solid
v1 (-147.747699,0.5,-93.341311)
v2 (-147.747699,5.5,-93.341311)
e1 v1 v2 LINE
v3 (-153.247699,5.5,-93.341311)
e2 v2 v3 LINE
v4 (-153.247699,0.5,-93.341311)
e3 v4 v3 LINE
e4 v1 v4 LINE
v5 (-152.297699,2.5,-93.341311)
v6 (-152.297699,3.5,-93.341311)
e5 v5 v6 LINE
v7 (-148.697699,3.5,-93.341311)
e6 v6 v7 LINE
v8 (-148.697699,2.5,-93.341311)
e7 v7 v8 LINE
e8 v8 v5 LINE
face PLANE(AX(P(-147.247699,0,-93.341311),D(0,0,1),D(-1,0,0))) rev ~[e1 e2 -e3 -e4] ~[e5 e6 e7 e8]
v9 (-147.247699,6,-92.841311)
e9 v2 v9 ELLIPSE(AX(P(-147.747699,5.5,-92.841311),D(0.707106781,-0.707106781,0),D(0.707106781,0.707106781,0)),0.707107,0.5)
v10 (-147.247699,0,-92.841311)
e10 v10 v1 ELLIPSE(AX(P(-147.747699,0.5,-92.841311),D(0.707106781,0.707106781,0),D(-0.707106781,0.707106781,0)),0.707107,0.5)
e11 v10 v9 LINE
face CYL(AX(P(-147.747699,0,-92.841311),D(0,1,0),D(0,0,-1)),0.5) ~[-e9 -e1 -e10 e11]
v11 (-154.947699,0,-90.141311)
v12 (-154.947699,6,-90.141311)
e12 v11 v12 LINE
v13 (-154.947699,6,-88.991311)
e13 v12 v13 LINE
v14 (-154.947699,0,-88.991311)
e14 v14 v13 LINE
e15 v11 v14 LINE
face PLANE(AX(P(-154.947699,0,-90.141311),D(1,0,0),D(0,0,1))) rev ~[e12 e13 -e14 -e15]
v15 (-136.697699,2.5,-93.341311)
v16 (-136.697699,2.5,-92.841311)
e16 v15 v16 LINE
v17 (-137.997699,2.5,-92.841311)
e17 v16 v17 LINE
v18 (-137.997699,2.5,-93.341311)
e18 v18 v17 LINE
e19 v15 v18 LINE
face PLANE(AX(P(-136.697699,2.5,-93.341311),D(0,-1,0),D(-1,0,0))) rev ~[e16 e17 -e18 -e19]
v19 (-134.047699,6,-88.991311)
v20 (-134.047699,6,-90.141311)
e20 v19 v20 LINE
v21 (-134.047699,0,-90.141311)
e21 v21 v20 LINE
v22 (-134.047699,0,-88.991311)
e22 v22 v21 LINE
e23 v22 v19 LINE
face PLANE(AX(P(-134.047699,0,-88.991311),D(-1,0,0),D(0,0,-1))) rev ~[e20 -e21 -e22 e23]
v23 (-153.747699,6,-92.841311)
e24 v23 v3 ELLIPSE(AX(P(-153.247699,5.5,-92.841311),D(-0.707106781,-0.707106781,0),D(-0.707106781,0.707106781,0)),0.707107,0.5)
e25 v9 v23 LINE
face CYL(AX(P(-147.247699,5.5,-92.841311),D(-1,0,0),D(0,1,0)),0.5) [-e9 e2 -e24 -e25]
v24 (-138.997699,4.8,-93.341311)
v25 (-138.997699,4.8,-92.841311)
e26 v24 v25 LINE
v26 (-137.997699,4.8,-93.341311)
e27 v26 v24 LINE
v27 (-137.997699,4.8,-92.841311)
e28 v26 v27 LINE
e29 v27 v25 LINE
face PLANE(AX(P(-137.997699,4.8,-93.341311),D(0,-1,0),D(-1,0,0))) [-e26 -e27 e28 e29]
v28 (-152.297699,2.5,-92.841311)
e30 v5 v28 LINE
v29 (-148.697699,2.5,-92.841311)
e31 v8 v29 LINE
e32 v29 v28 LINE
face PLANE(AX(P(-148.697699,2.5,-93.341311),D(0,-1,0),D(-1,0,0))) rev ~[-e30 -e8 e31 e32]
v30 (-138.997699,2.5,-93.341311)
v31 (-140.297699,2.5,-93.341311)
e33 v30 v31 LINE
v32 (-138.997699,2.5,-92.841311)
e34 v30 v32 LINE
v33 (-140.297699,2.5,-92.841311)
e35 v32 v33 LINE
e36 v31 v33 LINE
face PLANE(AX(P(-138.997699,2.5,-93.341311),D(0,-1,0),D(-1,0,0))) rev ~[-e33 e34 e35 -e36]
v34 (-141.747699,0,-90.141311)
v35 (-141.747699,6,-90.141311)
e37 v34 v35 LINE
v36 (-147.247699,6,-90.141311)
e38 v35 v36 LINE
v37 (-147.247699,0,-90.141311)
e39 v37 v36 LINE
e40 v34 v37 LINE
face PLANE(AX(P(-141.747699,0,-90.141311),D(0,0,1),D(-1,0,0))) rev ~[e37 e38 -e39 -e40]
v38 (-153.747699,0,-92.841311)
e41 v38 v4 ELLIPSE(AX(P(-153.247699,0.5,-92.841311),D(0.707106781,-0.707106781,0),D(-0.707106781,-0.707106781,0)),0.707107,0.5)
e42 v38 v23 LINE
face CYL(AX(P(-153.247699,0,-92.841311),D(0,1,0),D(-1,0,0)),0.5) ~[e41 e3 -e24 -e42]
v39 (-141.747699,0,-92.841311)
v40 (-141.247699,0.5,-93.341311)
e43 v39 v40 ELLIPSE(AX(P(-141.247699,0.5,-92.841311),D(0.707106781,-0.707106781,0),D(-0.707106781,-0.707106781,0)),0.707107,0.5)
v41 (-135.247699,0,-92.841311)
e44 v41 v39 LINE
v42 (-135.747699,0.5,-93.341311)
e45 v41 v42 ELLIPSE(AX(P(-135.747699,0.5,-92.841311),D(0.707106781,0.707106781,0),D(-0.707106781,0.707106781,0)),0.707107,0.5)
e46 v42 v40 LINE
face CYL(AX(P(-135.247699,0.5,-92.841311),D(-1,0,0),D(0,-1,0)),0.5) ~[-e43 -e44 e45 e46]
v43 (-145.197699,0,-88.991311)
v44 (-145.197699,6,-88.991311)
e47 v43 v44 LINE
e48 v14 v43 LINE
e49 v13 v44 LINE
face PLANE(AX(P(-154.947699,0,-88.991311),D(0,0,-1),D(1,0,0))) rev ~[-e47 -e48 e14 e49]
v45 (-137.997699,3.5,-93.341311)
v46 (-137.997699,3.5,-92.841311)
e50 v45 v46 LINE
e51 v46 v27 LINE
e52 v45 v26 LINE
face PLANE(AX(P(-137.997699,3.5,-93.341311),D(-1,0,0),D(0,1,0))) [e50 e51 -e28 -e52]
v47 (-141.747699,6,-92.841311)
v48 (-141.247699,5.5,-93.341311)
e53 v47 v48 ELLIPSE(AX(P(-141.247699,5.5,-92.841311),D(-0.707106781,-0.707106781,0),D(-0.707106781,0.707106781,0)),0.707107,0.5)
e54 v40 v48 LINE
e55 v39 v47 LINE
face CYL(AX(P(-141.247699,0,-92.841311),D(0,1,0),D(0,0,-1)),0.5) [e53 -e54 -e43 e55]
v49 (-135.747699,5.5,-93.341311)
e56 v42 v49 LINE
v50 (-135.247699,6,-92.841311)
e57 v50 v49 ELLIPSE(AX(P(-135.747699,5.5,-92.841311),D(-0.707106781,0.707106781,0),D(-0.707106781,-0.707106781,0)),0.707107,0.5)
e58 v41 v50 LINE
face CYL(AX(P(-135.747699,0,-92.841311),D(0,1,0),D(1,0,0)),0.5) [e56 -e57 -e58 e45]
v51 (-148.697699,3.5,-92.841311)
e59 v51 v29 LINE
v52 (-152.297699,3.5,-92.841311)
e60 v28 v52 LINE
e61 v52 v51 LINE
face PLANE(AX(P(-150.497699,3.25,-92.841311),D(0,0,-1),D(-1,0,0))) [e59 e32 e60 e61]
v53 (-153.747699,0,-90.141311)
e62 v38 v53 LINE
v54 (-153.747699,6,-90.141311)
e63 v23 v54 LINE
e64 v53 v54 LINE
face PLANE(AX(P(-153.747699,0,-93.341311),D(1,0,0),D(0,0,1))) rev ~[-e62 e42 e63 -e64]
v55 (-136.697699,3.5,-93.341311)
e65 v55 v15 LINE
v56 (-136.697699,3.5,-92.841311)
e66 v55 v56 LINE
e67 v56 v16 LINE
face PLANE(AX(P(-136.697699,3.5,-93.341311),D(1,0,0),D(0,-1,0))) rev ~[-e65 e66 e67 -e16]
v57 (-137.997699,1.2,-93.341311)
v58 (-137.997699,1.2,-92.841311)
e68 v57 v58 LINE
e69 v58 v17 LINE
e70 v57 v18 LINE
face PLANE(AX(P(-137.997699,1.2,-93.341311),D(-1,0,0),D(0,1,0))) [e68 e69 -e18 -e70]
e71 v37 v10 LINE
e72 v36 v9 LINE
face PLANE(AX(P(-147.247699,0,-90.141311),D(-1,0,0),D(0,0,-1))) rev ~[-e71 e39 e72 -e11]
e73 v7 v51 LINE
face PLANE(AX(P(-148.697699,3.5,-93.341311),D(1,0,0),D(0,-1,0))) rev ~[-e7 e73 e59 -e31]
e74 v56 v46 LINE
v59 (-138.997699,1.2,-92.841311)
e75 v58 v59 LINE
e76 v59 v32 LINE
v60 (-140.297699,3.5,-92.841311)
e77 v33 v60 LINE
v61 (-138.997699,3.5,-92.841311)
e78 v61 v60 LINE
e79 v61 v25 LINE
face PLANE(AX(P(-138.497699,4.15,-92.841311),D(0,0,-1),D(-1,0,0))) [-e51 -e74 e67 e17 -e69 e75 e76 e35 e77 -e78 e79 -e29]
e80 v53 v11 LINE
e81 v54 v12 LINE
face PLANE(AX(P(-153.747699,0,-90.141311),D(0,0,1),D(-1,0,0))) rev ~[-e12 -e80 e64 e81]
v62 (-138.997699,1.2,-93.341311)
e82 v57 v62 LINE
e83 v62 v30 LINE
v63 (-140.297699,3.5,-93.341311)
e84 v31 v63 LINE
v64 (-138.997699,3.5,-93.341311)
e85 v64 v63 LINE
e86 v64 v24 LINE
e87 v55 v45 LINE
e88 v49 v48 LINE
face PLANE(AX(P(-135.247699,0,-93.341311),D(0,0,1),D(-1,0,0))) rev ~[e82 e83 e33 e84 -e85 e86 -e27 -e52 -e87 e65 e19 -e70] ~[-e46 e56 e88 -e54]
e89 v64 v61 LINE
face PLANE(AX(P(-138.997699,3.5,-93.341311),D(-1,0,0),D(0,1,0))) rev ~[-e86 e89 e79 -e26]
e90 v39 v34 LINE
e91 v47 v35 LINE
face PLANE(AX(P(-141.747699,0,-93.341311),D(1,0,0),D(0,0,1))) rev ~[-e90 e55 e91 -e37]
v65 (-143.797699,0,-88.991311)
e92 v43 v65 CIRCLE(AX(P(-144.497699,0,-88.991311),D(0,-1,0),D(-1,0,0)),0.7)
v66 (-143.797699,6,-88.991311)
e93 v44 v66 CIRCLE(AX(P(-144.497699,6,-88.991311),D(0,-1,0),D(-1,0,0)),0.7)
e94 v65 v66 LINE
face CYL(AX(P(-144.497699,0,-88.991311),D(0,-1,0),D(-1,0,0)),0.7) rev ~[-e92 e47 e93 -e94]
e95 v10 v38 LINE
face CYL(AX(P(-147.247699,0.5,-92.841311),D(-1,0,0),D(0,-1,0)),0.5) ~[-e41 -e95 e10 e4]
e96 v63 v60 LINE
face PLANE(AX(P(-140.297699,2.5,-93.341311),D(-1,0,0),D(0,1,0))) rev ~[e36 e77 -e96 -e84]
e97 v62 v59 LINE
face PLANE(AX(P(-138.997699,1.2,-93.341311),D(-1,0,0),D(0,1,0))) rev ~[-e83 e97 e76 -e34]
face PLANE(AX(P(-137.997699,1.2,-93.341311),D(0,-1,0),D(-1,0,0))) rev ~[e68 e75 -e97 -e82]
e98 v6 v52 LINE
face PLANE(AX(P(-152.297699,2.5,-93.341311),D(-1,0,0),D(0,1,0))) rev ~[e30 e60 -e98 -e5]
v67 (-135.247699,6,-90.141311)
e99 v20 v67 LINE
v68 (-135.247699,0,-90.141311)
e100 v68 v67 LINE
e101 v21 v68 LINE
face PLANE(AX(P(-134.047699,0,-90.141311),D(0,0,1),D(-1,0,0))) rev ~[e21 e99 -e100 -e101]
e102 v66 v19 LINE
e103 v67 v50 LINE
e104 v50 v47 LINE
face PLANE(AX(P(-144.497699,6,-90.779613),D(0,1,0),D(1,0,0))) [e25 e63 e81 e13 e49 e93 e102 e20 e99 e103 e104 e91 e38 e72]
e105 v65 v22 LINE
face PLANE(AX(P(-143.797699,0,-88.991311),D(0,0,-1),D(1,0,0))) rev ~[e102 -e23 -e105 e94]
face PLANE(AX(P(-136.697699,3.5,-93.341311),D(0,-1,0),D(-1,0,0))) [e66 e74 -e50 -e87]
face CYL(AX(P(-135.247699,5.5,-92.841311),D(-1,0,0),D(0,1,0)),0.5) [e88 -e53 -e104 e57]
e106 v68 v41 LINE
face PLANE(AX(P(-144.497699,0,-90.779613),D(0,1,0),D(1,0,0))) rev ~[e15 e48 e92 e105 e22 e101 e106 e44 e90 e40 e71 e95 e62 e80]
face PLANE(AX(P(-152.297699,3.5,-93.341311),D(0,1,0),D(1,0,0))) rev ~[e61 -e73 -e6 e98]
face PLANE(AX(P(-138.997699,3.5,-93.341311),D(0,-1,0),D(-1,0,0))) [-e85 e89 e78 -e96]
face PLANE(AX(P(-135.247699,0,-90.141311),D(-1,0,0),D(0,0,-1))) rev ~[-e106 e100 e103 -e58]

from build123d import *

# Parameters (mm, degrees)
EXTRUDE_1_DEPTH     = 6
SKETCH_2_W          = 1.8
SKETCH_2_H          = 0.5
SKETCH_2_W_2        = 1
SKETCH_2_H_2        = 1.3
SKETCH_2_W_3        = 1.3
SKETCH_2_W_4        = 0.5
CUT_EXTRUDE_1_DEPTH = 0.5
FILLET_1_R          = 0.5


with BuildPart() as part:
    # 草图1 → 凸台-拉伸1 (new body)
    with BuildSketch(Plane(origin=(0, 0, 0), x_dir=(1, 0, 0), z_dir=(0, 1, 0))):
        with BuildLine():
            Line((-153.747698535, 92.341311307), (-153.747698535, 90.141311307))
            Line((-153.747698535, 90.141311307), (-154.947698535, 90.141311307))
            Line((-154.947698535, 90.141311307), (-154.947698535, 89.341311307))
            Line((-154.947698535, 89.341311307), (-154.947698535, 88.991311307))
            Line((-154.947698535, 88.991311307), (-145.197698535, 88.991311307))
            ThreePointArc((-145.197698535, 88.991311307), (-144.497698535, 89.691311307), (-143.797698535, 88.991311307))
            Line((-143.797698535, 88.991311307), (-134.047698535, 88.991311307))
            Line((-134.047698535, 88.991311307), (-134.047698535, 89.341311307))
            Line((-134.047698535, 89.341311307), (-134.047698535, 90.141311307))
            Line((-134.047698535, 90.141311307), (-135.247698535, 90.141311307))
            Line((-135.247698535, 90.141311307), (-135.247698535, 93.341311307))
            Line((-135.247698535, 93.341311307), (-141.747698535, 93.341311307))
            Line((-141.747698535, 93.341311307), (-141.747698535, 90.141311307))
            Line((-141.747698535, 90.141311307), (-141.997698535, 90.141311307))
            Line((-141.997698535, 90.141311307), (-147.247698535, 90.141311307))
            Line((-147.247698535, 90.141311307), (-147.247698535, 93.341311307))
            Line((-147.247698535, 93.341311307), (-153.747698535, 93.341311307))
            Line((-153.747698535, 93.341311307), (-153.747698535, 92.341311307))
        make_face()
    extrude(amount=EXTRUDE_1_DEPTH)

    # 草图2 → 切除-拉伸1 (cut)
    with BuildSketch(Plane(origin=(0, 0, -93.341311307), x_dir=(-1, 0, 0), z_dir=(0, 0, -1))):
        Polygon((148.697698535, 3.5), (148.697698535, 3), (150.497698535, 3), (152.297698535, 3), (152.297698535, 3.5), align=None)
        with Locations((151.397698535, 2.75)):
            Rectangle(SKETCH_2_W, SKETCH_2_H)
        with Locations((149.597698535, 2.75)):
            Rectangle(SKETCH_2_W, SKETCH_2_H)
        with Locations((138.497698535, 4.15)):
            Rectangle(SKETCH_2_W_2, SKETCH_2_H_2)
        with Locations((137.347698535, 3.25)):
            Rectangle(SKETCH_2_W_3, SKETCH_2_H)
        Polygon((137.997698535, 3.5), (137.997698535, 3), (138.497698535, 3), (138.997698535, 3), (138.997698535, 3.5), align=None)
        with Locations((139.647698535, 3.25)):
            Rectangle(SKETCH_2_W_3, SKETCH_2_H)
        with Locations((139.647698535, 2.75)):
            Rectangle(SKETCH_2_W_3, SKETCH_2_H)
        with Locations((138.747698535, 2.75)):
            Rectangle(SKETCH_2_W_4, SKETCH_2_H)
        with Locations((138.247698535, 2.75)):
            Rectangle(SKETCH_2_W_4, SKETCH_2_H)
        with Locations((137.347698535, 2.75)):
            Rectangle(SKETCH_2_W_3, SKETCH_2_H)
        with Locations((138.247698535, 1.85)):
            Rectangle(SKETCH_2_W_4, SKETCH_2_H_2)
        with Locations((138.747698535, 1.85)):
            Rectangle(SKETCH_2_W_4, SKETCH_2_H_2)
    extrude(amount=-CUT_EXTRUDE_1_DEPTH, mode=Mode.SUBTRACT)

    # 圆角1
    fillet_1_edges = [part.edges().sort_by_distance(p)[0] for p in [
        (-150.497698535, 0, -93.341311307),
        (-138.497698535, 0, -93.341311307),
        (-138.497698535, 6, -93.341311307),
        (-153.747698535, 3, -93.341311307),
        (-147.247698535, 3, -93.341311307),
        (-141.747698535, 3, -93.341311307),
        (-135.247698535, 3, -93.341311307),
        (-150.497698535, 6, -93.341311307),
    ]]
    fillet(fillet_1_edges, radius=FILLET_1_R)


solid = part.part
